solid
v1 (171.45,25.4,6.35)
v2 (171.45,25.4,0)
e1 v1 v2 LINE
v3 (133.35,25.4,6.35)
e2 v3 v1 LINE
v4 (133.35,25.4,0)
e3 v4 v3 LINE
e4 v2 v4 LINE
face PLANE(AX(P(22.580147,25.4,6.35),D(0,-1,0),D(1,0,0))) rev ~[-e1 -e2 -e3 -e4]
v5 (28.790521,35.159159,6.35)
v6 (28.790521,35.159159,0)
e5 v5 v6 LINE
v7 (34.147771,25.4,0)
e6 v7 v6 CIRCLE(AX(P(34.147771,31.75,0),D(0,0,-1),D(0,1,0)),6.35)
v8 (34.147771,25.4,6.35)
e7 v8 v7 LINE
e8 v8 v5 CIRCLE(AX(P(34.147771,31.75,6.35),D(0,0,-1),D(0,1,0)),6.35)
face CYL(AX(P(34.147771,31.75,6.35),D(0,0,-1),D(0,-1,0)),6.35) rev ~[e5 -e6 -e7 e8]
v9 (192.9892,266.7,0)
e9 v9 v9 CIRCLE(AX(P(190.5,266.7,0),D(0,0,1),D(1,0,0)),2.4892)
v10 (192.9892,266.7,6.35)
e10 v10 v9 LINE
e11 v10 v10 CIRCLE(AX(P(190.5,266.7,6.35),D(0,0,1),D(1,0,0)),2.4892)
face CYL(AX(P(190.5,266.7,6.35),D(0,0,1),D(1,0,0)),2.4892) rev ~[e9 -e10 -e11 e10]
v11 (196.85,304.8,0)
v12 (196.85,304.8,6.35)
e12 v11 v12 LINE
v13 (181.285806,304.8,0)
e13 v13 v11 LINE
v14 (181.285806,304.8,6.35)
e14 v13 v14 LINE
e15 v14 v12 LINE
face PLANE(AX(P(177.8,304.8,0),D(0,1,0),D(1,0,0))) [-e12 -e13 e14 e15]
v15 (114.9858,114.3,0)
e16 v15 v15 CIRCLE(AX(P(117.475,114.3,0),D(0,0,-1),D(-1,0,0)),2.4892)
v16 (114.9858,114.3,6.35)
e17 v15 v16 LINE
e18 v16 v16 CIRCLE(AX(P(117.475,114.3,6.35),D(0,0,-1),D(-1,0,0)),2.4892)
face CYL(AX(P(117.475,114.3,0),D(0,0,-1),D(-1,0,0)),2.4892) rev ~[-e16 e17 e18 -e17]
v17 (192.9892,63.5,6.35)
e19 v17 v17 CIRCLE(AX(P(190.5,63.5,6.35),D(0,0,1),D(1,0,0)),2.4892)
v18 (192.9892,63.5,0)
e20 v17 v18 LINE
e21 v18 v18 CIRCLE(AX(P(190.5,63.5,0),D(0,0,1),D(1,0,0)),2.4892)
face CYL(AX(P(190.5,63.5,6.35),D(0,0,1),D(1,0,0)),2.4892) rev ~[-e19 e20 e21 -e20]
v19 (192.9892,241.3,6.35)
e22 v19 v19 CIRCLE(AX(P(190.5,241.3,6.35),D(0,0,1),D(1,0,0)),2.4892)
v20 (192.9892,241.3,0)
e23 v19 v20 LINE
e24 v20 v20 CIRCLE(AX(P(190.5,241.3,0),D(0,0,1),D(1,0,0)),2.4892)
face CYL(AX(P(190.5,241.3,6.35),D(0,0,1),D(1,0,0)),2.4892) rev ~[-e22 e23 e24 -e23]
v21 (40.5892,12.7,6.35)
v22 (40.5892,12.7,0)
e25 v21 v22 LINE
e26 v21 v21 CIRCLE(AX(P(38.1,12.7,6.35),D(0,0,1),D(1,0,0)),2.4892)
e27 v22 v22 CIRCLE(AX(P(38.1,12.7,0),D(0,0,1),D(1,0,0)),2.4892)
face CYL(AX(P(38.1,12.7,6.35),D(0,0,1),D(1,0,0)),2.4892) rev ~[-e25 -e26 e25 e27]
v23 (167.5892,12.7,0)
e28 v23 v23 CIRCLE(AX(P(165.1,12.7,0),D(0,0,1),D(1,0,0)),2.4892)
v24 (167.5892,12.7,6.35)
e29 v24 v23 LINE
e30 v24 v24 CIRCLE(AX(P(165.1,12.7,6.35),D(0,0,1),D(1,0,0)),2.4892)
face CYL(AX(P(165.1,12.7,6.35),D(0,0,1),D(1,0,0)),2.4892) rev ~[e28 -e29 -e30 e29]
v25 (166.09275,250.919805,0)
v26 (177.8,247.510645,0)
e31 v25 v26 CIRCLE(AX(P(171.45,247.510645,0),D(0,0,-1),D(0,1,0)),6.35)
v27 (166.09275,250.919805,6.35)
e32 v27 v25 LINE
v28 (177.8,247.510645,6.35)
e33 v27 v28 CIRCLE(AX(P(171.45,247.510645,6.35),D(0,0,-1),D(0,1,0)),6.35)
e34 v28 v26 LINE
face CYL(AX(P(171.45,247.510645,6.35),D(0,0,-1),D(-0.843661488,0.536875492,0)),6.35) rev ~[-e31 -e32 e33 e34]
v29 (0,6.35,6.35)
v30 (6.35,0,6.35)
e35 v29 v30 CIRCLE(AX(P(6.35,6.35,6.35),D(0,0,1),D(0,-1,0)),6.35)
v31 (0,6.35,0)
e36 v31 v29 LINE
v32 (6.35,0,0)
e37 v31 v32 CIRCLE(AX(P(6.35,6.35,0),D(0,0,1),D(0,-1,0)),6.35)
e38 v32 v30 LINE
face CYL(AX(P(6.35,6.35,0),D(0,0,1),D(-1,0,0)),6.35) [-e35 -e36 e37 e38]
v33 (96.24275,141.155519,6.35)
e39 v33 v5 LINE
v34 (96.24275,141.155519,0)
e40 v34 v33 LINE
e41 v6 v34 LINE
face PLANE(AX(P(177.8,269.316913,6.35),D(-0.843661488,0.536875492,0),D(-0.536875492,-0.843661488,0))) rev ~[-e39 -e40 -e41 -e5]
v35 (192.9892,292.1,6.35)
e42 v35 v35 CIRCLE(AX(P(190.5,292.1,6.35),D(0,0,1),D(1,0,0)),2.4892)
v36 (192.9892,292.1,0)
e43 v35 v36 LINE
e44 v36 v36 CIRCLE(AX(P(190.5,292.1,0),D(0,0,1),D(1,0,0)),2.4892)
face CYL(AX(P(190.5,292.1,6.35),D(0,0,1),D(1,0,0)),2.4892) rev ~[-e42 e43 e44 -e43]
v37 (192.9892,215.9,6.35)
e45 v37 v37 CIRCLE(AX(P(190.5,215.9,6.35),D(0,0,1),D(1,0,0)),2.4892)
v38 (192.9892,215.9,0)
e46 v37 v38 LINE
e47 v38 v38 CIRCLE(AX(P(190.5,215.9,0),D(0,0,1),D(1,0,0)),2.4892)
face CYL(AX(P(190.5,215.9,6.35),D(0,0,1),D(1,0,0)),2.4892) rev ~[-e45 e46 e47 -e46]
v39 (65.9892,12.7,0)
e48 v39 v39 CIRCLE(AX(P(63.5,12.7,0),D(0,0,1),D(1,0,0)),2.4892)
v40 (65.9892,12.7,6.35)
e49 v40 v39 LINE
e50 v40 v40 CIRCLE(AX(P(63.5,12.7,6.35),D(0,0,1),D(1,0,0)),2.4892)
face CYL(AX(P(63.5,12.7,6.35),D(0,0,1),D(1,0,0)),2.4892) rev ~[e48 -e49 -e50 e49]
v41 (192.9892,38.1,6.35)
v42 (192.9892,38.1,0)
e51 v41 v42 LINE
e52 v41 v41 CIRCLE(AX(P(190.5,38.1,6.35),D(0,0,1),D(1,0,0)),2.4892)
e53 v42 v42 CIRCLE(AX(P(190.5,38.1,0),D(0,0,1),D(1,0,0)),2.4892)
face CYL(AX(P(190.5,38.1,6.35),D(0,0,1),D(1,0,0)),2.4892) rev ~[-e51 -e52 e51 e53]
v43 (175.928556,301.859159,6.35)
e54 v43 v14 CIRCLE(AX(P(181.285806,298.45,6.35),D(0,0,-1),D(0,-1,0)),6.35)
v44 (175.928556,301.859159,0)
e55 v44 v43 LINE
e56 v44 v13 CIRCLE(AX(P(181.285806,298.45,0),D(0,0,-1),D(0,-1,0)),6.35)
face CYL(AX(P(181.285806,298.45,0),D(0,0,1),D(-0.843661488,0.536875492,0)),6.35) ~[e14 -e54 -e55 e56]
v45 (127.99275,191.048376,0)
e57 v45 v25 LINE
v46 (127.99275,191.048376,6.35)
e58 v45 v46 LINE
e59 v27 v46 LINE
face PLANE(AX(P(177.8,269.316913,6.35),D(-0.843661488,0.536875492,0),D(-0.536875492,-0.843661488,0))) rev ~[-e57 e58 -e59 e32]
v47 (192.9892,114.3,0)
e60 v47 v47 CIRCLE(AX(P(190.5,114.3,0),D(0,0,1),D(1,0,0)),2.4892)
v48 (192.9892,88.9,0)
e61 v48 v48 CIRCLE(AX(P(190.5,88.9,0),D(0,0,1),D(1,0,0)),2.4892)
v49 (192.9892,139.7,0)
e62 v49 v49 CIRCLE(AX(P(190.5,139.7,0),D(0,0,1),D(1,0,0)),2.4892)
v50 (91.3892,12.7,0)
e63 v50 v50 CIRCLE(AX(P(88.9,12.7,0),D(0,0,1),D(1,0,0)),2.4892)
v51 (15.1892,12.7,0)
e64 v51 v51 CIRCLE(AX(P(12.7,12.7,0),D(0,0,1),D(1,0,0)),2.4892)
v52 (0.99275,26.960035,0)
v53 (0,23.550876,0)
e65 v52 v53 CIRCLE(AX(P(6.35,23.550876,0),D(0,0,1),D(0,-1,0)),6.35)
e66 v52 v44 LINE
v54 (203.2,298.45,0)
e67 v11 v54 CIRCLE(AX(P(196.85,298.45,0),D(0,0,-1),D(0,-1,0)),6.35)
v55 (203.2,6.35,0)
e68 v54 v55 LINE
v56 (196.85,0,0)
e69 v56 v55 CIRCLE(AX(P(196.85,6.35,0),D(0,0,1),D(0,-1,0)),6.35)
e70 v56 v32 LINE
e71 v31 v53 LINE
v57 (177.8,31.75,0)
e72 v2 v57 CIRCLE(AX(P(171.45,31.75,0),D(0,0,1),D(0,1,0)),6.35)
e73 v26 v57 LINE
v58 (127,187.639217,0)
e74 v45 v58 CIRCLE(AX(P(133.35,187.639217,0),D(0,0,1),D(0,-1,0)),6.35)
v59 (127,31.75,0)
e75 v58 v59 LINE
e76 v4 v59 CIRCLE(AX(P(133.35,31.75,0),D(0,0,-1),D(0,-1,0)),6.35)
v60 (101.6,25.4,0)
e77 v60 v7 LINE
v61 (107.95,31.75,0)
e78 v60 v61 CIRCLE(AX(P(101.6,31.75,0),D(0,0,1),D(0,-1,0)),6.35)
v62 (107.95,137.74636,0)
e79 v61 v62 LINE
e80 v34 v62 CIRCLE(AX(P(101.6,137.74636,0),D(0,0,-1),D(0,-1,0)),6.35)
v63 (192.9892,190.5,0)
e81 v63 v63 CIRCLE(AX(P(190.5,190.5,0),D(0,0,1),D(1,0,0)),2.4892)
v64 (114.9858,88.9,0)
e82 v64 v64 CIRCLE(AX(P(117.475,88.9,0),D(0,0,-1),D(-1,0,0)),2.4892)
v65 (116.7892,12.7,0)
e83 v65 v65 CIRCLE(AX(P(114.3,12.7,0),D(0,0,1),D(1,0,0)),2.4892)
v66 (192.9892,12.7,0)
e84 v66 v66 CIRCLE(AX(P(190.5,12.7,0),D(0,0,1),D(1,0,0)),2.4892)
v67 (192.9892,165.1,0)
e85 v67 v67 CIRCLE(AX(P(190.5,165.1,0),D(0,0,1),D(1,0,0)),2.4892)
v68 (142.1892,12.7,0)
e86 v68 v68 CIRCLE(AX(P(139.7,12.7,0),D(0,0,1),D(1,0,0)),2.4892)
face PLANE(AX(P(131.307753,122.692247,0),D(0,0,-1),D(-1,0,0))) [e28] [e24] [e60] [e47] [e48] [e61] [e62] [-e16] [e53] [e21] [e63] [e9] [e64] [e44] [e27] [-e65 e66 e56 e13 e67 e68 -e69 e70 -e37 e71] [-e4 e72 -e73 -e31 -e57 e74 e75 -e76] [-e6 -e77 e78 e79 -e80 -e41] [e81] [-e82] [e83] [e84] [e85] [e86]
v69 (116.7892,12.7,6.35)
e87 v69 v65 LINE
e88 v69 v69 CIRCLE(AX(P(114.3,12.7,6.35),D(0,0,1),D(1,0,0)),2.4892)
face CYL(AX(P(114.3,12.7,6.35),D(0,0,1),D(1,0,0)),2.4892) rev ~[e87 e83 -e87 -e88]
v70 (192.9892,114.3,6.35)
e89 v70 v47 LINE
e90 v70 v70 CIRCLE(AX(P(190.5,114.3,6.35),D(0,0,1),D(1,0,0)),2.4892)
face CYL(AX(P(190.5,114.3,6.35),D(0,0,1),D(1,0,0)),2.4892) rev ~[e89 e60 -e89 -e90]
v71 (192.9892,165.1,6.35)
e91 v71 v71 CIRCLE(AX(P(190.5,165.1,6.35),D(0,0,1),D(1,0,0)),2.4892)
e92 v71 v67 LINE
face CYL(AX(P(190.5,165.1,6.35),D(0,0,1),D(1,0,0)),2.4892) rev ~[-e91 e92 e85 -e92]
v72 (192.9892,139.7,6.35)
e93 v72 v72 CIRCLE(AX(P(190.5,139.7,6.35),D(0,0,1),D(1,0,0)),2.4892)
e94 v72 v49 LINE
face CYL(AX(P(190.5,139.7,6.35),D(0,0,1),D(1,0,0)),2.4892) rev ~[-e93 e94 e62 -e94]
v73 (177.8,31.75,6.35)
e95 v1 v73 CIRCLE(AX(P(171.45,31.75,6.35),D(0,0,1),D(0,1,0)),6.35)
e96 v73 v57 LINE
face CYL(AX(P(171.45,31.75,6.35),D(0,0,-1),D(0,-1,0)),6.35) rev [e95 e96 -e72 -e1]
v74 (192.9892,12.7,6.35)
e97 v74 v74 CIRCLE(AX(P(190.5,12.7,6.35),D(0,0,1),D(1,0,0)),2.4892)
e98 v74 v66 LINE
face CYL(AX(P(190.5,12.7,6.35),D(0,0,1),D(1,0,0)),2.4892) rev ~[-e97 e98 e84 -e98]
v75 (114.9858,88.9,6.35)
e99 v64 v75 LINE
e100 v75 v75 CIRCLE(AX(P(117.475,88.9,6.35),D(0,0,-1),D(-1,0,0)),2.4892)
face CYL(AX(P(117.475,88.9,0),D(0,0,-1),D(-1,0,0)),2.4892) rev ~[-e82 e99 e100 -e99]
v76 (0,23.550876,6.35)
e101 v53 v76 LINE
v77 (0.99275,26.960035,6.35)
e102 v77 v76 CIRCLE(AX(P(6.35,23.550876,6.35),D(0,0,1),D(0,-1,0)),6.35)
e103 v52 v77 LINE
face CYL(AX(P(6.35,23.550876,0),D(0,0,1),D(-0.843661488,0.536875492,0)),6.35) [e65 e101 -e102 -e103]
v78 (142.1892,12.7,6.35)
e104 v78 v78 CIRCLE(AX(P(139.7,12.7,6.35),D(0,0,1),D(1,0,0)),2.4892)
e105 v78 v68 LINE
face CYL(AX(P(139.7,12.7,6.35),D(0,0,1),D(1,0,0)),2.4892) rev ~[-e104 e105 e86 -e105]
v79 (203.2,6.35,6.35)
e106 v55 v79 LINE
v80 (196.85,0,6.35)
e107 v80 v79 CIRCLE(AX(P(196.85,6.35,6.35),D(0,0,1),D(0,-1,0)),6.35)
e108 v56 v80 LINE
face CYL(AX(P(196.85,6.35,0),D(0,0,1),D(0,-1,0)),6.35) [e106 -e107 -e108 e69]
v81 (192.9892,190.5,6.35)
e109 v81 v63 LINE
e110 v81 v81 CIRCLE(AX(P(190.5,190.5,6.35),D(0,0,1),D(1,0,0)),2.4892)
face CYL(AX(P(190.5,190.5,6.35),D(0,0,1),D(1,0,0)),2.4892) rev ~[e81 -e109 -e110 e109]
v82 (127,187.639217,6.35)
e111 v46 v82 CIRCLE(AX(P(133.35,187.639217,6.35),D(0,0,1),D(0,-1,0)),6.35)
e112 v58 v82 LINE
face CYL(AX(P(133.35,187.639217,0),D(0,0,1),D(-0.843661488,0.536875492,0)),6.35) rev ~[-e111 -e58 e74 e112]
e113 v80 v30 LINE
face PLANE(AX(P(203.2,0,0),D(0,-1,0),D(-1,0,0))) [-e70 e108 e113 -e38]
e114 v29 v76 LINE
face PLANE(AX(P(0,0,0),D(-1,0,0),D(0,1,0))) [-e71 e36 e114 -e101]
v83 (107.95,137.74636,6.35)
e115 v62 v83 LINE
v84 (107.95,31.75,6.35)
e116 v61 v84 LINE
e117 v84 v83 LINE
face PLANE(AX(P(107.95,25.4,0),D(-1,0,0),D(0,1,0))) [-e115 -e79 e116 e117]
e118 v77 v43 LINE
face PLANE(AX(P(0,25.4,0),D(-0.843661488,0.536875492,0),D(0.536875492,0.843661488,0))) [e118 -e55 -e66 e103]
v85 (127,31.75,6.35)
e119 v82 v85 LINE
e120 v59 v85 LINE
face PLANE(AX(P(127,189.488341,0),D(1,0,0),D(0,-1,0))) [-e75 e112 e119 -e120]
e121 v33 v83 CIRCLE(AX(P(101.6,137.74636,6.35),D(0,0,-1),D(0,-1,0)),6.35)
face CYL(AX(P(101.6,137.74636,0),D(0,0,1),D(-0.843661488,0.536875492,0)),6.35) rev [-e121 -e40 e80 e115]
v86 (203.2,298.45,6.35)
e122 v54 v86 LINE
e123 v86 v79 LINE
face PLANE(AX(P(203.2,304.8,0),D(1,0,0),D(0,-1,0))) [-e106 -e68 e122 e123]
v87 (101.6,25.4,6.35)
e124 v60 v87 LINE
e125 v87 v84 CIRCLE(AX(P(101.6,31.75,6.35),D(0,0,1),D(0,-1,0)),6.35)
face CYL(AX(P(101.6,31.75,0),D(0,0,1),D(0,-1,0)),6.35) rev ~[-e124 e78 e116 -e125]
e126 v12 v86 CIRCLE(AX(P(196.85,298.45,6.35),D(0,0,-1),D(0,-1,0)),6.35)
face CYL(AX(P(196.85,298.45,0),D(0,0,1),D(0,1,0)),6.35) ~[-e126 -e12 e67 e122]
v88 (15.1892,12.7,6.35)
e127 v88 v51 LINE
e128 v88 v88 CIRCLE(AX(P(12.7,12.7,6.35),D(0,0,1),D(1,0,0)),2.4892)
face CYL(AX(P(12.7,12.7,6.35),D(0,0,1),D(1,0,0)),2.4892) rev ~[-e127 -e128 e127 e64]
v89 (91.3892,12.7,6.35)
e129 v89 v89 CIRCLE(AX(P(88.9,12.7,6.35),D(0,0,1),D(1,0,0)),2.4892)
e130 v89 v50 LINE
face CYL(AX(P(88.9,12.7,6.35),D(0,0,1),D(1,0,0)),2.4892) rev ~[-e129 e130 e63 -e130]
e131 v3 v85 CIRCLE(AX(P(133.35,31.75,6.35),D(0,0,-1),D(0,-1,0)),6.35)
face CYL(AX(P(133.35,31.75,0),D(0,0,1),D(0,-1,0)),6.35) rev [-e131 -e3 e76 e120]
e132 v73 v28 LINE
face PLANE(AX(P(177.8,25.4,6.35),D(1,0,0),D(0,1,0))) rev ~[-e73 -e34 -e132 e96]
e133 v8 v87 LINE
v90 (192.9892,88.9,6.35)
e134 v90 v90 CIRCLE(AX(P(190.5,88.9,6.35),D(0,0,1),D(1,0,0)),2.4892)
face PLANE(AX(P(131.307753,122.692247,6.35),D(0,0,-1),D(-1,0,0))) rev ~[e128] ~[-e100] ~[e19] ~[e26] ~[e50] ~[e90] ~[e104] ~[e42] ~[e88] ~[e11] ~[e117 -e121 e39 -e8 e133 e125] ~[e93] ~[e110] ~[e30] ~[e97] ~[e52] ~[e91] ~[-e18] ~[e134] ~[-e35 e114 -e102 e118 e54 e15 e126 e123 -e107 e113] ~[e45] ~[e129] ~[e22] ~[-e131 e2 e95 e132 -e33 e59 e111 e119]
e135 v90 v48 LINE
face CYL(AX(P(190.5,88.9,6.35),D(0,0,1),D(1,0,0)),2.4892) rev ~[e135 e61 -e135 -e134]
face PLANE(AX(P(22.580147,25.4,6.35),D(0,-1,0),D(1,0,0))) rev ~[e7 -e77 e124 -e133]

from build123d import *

# Parameters (mm, degrees)
BOSS_EXTRUDE1_DEPTH = 6.35
SKETCH2_R           = 2.4892
CUT_EXTRUDE1_DEPTH  = 7.35
SKETCH4_R           = 2.4892
BOSS_EXTRUDE2_DEPTH = 6.35
FILLET1_R           = 6.35


with BuildPart() as part:
    # Sketch1 → Boss-Extrude1 (new body)
    with BuildSketch(Plane.XY):
        Polygon((0, 25.4), (177.8, 304.8), (203.2, 304.8), (203.2, 0), (0, 0), align=None)
    extrude(amount=BOSS_EXTRUDE1_DEPTH)

    # Sketch2 → Cut-Extrude1 (cut, through all)
    with BuildSketch(Plane.XY.offset(6.35)):
        with Locations((190.5, 12.7)):
            Circle(SKETCH2_R)
        with Locations((165.1, 12.7)):
            Circle(SKETCH2_R)
        with Locations((139.7, 12.7)):
            Circle(SKETCH2_R)
        with Locations((114.3, 12.7)):
            Circle(SKETCH2_R)
        with Locations((88.9, 12.7)):
            Circle(SKETCH2_R)
        with Locations((63.5, 12.7)):
            Circle(SKETCH2_R)
        with Locations((38.1, 12.7)):
            Circle(SKETCH2_R)
        with Locations((190.5, 38.1)):
            Circle(SKETCH2_R)
        with Locations((190.5, 63.5)):
            Circle(SKETCH2_R)
        with Locations((190.5, 88.9)):
            Circle(SKETCH2_R)
        with Locations((190.5, 114.3)):
            Circle(SKETCH2_R)
        with Locations((190.5, 139.7)):
            Circle(SKETCH2_R)
        with Locations((190.5, 165.1)):
            Circle(SKETCH2_R)
        with Locations((190.5, 190.5)):
            Circle(SKETCH2_R)
        with Locations((190.5, 215.9)):
            Circle(SKETCH2_R)
        with Locations((190.5, 241.3)):
            Circle(SKETCH2_R)
        with Locations((190.5, 266.7)):
            Circle(SKETCH2_R)
        with Locations((190.5, 292.1)):
            Circle(SKETCH2_R)
        with Locations((12.7, 12.7)):
            Circle(SKETCH2_R)
        Polygon((22.580146513, 25.4), (177.8, 25.4), (177.8, 269.316912623), align=None)
    extrude(amount=-CUT_EXTRUDE1_DEPTH, mode=Mode.SUBTRACT)

    # Sketch4 → Boss-Extrude2 (add)
    with BuildSketch(Plane(origin=(0, 0, 0), x_dir=(-1, 0, 0), z_dir=(0, 0, -1))):
        Polygon((-107.95, 25.4), (-107.95, 159.552626909), (-127, 189.488341195), (-127, 25.4), align=None)
        with Locations((-117.475, 88.9)):
            Circle(SKETCH4_R, mode=Mode.SUBTRACT)
        with Locations((-117.475, 114.3)):
            Circle(SKETCH4_R, mode=Mode.SUBTRACT)
    extrude(amount=-BOSS_EXTRUDE2_DEPTH)

    # Fillet1
    fillet1_edges = [part.edges().sort_by_distance(p)[0] for p in [
        (127, 25.4, 3.175),
        (127, 189.488341195, 3.175),
        (107.95, 159.552626909, 3.175),
        (107.95, 25.4, 3.175),
        (22.580146513, 25.4, 3.175),
        (177.8, 269.316912623, 3.175),
        (177.8, 25.4, 3.175),
        (203.2, 0, 3.175),
        (0, 0, 3.175),
        (0, 25.4, 3.175),
        (177.8, 304.8, 3.175),
        (203.2, 304.8, 3.175),
    ]]
    fillet(fillet1_edges, radius=FILLET1_R)


solid = part.part
